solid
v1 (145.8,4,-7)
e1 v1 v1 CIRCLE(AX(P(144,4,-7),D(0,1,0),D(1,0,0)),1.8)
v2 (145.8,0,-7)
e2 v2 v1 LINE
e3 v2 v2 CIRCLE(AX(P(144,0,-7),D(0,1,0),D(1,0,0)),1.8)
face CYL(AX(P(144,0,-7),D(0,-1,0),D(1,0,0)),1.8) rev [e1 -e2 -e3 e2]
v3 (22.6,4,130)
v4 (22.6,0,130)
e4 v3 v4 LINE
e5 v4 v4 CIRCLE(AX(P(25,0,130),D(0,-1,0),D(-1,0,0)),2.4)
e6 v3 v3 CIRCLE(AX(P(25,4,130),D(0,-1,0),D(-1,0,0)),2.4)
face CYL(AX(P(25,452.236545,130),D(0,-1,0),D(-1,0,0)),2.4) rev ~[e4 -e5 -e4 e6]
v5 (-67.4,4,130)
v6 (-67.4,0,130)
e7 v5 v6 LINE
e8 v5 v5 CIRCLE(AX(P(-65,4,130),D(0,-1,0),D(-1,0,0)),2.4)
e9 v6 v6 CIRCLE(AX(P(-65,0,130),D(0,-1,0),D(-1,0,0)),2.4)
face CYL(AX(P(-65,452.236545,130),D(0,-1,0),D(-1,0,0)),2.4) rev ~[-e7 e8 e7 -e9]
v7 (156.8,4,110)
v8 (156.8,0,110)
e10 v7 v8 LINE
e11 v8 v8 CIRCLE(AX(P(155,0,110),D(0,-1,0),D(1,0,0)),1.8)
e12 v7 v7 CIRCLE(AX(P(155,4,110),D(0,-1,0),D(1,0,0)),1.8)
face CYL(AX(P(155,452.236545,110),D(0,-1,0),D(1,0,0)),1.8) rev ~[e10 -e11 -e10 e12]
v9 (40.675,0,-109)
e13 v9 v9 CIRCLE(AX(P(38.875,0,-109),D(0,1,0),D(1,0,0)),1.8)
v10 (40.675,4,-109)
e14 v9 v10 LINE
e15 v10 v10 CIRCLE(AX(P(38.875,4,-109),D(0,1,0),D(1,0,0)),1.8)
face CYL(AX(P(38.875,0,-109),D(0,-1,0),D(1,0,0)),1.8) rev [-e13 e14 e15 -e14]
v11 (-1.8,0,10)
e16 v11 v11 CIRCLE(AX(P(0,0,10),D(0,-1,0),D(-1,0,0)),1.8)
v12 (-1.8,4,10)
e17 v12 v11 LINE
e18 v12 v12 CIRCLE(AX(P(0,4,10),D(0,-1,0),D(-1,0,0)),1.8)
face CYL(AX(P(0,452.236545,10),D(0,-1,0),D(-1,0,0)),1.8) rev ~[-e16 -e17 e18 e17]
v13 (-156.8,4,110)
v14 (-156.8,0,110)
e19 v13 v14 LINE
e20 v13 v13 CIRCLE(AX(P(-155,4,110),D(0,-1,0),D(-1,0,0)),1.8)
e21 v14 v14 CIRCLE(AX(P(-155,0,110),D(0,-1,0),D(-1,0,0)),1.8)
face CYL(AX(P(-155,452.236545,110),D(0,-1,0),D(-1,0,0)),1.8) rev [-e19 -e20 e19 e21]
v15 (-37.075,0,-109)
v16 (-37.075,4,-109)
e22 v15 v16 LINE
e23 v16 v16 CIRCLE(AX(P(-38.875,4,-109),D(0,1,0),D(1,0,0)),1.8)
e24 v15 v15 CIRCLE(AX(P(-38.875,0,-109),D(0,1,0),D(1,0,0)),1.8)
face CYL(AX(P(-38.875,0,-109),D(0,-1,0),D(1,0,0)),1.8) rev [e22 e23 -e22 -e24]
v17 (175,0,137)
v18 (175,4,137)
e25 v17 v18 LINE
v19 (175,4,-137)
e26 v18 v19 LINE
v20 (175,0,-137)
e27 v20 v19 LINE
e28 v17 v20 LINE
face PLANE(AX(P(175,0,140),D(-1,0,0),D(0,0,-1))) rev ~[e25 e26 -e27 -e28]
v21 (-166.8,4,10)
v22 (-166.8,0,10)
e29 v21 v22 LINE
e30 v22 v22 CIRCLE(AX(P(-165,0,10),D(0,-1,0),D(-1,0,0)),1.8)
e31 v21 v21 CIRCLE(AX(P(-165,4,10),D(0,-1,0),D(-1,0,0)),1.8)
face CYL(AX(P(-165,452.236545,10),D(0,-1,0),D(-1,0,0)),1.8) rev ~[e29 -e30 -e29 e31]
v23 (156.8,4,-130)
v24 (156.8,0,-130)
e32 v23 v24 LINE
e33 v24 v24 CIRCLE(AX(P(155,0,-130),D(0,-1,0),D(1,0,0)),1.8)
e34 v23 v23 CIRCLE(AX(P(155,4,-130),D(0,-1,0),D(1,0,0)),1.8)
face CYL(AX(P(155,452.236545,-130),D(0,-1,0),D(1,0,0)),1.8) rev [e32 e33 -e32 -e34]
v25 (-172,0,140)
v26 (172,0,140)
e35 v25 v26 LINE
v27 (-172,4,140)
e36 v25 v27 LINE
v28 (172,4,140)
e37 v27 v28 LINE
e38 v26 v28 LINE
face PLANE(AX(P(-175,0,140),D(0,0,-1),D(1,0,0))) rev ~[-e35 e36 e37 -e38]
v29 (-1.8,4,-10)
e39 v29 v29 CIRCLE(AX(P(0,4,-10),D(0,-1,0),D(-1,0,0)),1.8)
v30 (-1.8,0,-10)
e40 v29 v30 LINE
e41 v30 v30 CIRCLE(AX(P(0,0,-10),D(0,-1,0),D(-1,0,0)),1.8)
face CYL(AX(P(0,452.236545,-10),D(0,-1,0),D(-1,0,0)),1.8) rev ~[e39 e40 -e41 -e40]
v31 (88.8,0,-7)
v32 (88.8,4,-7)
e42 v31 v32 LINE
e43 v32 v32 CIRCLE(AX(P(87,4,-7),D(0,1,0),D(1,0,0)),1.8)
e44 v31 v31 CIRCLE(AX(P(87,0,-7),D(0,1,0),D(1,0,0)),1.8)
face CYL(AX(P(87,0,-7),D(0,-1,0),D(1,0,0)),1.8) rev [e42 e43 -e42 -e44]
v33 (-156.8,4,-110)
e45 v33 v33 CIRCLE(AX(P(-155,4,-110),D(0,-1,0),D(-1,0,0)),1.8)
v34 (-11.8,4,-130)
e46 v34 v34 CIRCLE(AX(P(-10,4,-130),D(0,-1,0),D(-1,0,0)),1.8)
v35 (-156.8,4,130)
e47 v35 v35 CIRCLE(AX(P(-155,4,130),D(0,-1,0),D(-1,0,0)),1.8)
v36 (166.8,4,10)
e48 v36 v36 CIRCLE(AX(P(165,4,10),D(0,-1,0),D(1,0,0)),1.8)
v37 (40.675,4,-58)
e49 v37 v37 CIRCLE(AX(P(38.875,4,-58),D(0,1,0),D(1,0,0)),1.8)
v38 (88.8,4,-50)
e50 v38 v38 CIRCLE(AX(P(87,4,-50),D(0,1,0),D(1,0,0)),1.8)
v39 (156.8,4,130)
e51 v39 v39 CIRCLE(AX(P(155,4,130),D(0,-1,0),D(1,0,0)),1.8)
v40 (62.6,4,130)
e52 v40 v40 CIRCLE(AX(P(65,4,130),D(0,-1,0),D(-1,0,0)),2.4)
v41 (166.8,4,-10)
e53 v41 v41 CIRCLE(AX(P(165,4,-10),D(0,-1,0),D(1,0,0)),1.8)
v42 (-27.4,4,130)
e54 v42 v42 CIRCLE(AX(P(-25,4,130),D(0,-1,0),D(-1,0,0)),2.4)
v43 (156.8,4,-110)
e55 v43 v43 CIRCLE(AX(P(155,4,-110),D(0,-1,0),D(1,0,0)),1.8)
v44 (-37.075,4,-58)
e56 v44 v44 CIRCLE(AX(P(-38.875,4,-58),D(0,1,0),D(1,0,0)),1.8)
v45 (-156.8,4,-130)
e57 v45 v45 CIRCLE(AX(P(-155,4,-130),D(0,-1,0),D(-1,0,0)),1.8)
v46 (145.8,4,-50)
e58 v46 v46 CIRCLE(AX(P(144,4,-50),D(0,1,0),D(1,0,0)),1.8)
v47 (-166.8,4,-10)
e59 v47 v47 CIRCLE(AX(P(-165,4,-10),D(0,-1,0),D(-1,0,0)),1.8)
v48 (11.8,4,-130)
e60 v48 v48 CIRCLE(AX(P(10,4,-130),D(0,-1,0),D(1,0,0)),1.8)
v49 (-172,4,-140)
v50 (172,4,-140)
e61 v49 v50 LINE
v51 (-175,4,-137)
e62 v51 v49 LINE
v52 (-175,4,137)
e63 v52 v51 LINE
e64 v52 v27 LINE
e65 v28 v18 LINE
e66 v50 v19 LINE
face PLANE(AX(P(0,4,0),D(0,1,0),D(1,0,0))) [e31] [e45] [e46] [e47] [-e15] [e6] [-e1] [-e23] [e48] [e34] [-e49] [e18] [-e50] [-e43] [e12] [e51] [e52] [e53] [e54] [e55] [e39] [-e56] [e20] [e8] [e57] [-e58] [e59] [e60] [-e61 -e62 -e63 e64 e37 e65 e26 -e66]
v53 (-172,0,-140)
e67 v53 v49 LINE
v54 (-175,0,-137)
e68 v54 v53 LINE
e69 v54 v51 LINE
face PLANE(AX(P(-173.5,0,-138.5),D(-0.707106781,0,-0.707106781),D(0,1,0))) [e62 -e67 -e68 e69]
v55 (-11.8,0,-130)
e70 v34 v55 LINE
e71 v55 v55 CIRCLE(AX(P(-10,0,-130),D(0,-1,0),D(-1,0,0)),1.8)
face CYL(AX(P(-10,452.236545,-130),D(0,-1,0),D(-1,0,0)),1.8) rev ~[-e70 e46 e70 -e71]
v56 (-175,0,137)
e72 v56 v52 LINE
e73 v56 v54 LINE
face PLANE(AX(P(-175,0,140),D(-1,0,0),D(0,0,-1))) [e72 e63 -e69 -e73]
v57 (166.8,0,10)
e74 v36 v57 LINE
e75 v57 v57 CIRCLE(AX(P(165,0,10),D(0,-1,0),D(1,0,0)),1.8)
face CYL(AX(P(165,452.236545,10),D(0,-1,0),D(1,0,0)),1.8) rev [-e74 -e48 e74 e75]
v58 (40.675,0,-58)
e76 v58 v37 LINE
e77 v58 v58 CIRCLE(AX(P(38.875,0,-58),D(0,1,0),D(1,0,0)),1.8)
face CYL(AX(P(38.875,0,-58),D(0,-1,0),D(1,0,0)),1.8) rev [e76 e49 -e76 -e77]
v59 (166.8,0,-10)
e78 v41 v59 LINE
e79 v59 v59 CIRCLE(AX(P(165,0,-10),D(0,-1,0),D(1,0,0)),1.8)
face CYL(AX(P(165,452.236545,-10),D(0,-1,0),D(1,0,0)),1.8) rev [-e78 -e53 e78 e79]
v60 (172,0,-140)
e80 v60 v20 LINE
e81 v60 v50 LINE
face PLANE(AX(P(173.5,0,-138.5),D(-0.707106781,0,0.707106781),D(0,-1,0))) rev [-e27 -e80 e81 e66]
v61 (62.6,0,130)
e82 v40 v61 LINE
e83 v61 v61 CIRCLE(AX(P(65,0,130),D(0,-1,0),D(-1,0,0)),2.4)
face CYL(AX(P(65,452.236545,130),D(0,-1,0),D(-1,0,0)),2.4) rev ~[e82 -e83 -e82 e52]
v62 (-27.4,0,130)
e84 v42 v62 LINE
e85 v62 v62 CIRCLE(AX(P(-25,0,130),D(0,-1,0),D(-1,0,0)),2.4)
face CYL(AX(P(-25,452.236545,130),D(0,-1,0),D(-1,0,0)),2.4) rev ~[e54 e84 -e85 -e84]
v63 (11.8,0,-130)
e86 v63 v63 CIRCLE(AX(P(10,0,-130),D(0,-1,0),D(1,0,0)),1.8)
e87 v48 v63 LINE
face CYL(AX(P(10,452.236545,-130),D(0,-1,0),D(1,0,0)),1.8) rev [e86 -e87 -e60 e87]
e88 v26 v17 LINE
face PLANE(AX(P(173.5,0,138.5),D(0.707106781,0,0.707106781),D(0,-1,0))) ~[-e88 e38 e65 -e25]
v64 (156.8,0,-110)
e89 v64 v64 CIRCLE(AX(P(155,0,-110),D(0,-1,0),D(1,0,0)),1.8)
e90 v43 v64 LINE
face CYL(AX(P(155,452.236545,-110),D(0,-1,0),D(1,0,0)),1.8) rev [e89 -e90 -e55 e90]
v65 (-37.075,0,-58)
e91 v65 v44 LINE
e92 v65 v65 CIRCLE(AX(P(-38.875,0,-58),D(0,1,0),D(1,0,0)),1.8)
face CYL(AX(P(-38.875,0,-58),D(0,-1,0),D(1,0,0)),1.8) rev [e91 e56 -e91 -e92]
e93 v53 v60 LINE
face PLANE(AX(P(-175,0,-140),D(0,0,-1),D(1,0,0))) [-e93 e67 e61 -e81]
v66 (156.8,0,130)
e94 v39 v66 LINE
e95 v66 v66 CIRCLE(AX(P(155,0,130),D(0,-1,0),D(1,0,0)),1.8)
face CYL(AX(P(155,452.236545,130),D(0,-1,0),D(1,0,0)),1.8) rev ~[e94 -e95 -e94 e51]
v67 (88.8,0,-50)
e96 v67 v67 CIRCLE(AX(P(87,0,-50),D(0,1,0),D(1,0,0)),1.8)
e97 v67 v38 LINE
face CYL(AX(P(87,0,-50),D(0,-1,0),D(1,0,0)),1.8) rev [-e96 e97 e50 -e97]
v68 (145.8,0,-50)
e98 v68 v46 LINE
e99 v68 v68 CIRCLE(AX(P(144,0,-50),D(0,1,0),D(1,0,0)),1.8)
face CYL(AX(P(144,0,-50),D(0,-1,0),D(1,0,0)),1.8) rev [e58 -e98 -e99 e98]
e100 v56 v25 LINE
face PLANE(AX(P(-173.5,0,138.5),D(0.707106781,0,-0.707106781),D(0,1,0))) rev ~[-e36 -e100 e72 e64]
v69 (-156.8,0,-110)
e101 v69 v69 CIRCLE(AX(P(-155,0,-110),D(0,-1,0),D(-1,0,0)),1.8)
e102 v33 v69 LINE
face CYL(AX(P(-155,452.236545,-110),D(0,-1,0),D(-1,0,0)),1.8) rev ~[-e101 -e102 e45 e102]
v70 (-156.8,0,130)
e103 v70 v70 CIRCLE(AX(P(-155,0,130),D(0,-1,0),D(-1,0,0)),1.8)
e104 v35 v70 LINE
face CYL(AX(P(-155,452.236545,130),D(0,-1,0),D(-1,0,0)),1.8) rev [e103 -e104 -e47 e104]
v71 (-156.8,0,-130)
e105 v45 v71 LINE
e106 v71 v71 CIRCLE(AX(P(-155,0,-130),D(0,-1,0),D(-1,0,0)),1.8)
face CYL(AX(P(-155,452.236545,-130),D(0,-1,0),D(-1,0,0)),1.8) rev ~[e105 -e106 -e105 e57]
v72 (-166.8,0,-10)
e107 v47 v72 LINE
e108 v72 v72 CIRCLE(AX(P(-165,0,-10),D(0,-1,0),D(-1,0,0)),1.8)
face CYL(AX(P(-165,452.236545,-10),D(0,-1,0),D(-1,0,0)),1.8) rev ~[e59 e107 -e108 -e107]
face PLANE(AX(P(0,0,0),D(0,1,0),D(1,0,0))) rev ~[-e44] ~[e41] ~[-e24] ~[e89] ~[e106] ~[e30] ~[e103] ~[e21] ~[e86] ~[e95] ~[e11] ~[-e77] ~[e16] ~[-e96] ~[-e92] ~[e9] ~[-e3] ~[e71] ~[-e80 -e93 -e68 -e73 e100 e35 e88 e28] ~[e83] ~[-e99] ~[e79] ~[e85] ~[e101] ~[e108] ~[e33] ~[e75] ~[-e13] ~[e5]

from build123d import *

# Parameters (mm, degrees)
SKIZZE1_W                       = 350
SKIZZE1_H                       = 280
SKIZZE1_R                       = 1.8
AUFSATZ_LINEAR_AUSTRAGEN1_DEPTH = 4
FASE1_SIZE                      = 3
DURCHGANGSLOCH_F_R_M31_D        = 3.6
SPIEGELN2_COPY_1_D              = 3.6
DURCHGANGSLOCH_F_R_M32_D        = 3.6
DURCHGANGSLOCH_F_R_M42_D        = 4.8
DURCHGANGSLOCH_F_R_M34_D        = 3.6


with BuildPart() as part:
    # Skizze1 → Aufsatz-Linear austragen1 (new body)
    with BuildSketch(Plane(origin=(0, 0, 0), x_dir=(1, 0, 0), z_dir=(0, 1, 0))):
        Rectangle(SKIZZE1_W, SKIZZE1_H)
        with Locations((-38.875, 109)):
            Circle(SKIZZE1_R, mode=Mode.SUBTRACT)
        with Locations((-38.875, 58)):
            Circle(SKIZZE1_R, mode=Mode.SUBTRACT)
        with Locations((38.875, 109)):
            Circle(SKIZZE1_R, mode=Mode.SUBTRACT)
        with Locations((38.875, 58)):
            Circle(SKIZZE1_R, mode=Mode.SUBTRACT)
        with Locations((87, 50)):
            Circle(SKIZZE1_R, mode=Mode.SUBTRACT)
        with Locations((87, 7)):
            Circle(SKIZZE1_R, mode=Mode.SUBTRACT)
        with Locations((144, 7)):
            Circle(SKIZZE1_R, mode=Mode.SUBTRACT)
        with Locations((144, 50)):
            Circle(SKIZZE1_R, mode=Mode.SUBTRACT)
    extrude(amount=AUFSATZ_LINEAR_AUSTRAGEN1_DEPTH)

    # Fase1
    fase1_edges = [part.edges().sort_by_distance(p)[0] for p in [
        (-175, 2, -140),
        (175, 2, -140),
        (175, 2, 140),
        (-175, 2, 140),
    ]]
    chamfer(fase1_edges, length=FASE1_SIZE)

    # Durchgangsloch für M31 (through all)
    with Locations(Plane(origin=(0, 4, 0), x_dir=(1, 0, 0), z_dir=(0, 1, 0))):
        with Locations((-155, 130), (-155, 110)):
            durchgangsloch_f_r_m31 = Hole(DURCHGANGSLOCH_F_R_M31_D / 2)

    # Spiegeln1: Durchgangsloch für M31 across plane
    add(durchgangsloch_f_r_m31.mirror(Plane(origin=(0, 0, 0), x_dir=(0, 0, 1), z_dir=(1, 0, 0))), mode=Mode.SUBTRACT)

    # Spiegeln2: Durchgangsloch für M31 across plane
    add(durchgangsloch_f_r_m31.mirror(Plane.XY), mode=Mode.SUBTRACT)

    # Spiegeln2 copy 1 (through all)
    with Locations(Plane(origin=(0, 4, 0), x_dir=(-1, 0, 0), z_dir=(0, 1, 0))):
        with Locations((-155, 130), (-155, 110)):
            Hole(SPIEGELN2_COPY_1_D / 2)

    # Durchgangsloch für M32 (through all)
    with Locations(Plane(origin=(0, 4, 0), x_dir=(1, 0, 0), z_dir=(0, 1, 0))):
        with Locations((0, 10), (0, -10)):
            Hole(DURCHGANGSLOCH_F_R_M32_D / 2)

    # Durchgangsloch für M42 (through all)
    with Locations(Plane(origin=(0, 4, 0), x_dir=(1, 0, 0), z_dir=(0, 1, 0))):
        with Locations((-65, -130), (-25, -130), (25, -130), (65, -130)):
            Hole(DURCHGANGSLOCH_F_R_M42_D / 2)

    # Durchgangsloch für M34 (through all)
    with Locations(Plane(origin=(0, 4, 0), x_dir=(1, 0, 0), z_dir=(0, 1, 0))):
        with Locations((-165, 10), (-165, -10), (-10, 130)):
            durchgangsloch_f_r_m34 = Hole(DURCHGANGSLOCH_F_R_M34_D / 2)

    # Spiegeln3: Durchgangsloch für M34 across plane
    add(durchgangsloch_f_r_m34.mirror(Plane(origin=(0, 0, 0), x_dir=(0, 0, 1), z_dir=(1, 0, 0))), mode=Mode.SUBTRACT)


solid = part.part
